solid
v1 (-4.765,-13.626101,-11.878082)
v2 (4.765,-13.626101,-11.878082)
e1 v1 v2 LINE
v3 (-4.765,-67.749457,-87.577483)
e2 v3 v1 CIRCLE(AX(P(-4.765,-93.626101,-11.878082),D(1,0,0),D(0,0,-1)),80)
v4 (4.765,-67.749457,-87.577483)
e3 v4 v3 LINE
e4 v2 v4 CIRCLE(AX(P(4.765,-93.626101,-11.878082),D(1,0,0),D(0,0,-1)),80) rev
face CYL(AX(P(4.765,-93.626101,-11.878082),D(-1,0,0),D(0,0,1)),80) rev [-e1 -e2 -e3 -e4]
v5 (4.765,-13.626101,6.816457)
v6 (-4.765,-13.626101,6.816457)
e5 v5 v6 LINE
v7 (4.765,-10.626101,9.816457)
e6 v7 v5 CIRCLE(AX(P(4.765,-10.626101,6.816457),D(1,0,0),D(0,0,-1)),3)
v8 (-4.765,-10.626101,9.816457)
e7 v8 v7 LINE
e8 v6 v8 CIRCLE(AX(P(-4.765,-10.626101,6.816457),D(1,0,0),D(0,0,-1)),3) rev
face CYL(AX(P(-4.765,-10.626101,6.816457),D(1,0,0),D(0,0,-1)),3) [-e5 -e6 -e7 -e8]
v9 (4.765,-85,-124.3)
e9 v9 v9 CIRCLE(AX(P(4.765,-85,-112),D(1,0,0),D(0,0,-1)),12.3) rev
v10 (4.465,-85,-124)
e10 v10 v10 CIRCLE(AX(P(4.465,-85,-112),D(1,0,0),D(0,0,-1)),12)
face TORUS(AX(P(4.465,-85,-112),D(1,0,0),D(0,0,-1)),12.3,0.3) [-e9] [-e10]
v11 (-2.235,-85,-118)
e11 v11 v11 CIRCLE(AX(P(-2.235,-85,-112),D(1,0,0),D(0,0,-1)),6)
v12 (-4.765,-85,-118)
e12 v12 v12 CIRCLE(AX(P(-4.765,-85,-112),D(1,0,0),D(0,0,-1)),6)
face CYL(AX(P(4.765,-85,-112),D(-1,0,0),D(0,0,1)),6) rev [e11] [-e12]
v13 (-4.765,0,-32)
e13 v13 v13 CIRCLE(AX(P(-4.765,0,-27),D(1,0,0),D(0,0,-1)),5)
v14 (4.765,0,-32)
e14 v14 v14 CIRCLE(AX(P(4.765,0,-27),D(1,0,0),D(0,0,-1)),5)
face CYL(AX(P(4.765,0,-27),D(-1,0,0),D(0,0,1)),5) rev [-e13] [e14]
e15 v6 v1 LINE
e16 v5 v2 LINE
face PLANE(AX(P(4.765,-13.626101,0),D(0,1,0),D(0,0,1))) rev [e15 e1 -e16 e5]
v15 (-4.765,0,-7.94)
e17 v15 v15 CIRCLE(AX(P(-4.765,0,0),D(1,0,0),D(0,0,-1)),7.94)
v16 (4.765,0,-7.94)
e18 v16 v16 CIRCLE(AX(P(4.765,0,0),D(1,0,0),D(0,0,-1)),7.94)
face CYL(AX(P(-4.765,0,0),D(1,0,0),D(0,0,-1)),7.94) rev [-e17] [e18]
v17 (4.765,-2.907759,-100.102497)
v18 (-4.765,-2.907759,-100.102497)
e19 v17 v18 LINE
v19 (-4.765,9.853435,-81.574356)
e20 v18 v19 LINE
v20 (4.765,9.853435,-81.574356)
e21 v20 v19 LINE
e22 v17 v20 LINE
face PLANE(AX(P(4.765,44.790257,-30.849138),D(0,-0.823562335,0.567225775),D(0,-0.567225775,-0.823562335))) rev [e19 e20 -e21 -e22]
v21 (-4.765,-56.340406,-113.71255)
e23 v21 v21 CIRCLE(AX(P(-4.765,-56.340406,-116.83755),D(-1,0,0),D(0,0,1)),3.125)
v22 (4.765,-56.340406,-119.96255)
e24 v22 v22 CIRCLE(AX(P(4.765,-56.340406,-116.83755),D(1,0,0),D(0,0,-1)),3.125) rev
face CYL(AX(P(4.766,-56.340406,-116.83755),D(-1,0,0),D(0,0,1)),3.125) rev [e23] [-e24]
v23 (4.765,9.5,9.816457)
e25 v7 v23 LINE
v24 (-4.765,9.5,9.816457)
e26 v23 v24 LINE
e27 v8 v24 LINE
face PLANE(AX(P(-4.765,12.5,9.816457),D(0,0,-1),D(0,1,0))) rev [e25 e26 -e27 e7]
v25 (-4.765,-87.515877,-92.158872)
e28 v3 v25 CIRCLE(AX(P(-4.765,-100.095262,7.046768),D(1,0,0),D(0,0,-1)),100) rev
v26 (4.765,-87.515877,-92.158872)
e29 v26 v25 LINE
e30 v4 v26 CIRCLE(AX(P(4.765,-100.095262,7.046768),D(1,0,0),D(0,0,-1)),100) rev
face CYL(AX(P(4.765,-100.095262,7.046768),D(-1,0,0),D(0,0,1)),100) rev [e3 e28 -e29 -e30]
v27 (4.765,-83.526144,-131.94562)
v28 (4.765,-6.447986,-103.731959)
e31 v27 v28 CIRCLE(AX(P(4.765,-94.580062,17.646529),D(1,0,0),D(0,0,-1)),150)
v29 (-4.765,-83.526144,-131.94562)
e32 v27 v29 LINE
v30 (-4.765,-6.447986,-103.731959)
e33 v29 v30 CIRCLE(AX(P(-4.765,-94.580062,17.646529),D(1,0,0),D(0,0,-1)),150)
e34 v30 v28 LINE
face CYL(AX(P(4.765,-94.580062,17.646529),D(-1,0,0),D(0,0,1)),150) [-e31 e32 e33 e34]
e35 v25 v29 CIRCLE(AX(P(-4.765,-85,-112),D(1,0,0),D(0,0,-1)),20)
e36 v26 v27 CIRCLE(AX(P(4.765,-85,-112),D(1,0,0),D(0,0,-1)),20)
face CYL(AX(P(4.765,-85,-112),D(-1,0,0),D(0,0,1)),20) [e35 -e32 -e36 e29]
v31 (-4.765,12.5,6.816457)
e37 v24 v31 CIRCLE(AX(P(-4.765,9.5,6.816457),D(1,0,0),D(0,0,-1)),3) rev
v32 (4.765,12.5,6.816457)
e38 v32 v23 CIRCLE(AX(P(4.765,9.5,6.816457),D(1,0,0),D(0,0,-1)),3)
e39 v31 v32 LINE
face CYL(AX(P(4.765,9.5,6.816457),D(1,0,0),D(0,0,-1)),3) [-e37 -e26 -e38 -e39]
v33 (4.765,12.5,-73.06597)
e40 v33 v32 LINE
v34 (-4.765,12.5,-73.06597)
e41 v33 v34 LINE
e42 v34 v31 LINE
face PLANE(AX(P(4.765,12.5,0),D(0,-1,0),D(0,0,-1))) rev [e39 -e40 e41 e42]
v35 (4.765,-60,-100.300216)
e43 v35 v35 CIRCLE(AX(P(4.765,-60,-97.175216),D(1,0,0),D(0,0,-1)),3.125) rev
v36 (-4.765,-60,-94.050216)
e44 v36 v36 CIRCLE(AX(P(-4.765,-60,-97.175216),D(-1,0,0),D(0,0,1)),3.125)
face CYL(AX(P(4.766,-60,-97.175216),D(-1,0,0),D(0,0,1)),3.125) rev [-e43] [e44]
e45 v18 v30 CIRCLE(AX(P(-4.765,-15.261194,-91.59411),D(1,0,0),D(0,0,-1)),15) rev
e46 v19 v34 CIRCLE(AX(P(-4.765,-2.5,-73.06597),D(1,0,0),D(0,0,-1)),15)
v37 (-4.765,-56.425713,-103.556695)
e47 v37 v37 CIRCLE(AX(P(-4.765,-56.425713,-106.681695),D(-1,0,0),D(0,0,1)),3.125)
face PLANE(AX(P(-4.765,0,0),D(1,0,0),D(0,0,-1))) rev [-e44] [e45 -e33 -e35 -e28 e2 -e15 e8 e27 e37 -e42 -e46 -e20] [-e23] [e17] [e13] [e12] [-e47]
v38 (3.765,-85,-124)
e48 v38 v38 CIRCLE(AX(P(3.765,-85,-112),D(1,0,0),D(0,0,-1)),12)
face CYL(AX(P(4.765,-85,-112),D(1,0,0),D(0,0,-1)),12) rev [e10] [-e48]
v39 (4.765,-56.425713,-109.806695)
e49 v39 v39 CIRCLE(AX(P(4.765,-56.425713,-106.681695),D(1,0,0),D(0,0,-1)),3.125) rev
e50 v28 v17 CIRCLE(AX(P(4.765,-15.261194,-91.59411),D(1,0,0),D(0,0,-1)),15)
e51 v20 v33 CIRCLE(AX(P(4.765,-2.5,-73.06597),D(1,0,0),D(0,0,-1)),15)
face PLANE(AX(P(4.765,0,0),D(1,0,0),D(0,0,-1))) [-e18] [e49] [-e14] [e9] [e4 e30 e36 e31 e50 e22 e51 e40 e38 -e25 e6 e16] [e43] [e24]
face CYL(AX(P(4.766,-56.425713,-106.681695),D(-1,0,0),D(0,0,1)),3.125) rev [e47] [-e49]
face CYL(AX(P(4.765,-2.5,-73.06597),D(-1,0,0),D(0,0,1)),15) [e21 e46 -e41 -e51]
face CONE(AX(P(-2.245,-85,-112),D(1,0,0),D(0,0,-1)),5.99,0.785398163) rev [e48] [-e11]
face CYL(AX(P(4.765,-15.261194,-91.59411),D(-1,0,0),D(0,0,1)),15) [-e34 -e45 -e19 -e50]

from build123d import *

# Parameters (mm, degrees)
CROQUIS13_R                = 5
CROQUIS13_R_2              = 6
SALIENTE_EXTRUIR1_DEPTH    = 4.765
REDONDEO2_R                = 0.3
REDONDEO3_R                = 80
REDONDEO4_R                = 15
CORTAR_EXTRUIR2_REACH      = 170.937
CROQUIS18_R                = 3.125
CORTAR_EXTRUIR3_DEPTH      = 169.735607463
CORTAR_EXTRUIR3_DEPTH_BACK = 169.735607463
REDONDEO5_R                = 3
CORTAR_EXTRUIR4_DEPTH      = 169.735607463
CORTAR_EXTRUIR4_DEPTH_BACK = 169.735607463
CROQUIS21_R                = 7.94


with BuildPart() as part:
    # Croquis13 → Saliente-Extruir1 (new, symmetric)
    with BuildSketch(Plane(origin=(0, 0, 0), x_dir=(0, 0, -1), z_dir=(1, 0, 0))):
        with BuildLine():
            Line((102.163414857, -4.327209349), (81.574356475, 9.853435029))
            ThreePointArc((81.574356475, 9.853435029), (77.521218134, 11.823084958), (73.065969849, 12.5))
            Line((73.065969849, 12.5), (-16.81645687, 12.5))
            ThreePointArc((-16.81645687, 12.5), (-20.351990776, 11.035533906), (-21.81645687, 7.5))
            Line((-21.81645687, 7.5), (-21.81645687, -8.626101457))
            ThreePointArc((-21.81645687, -8.626101457), (-20.351990776, -12.161635363), (-16.81645687, -13.626101457))
            Line((-16.81645687, -13.626101457), (43.18354313, -13.626101457))
            ThreePointArc((43.18354313, -13.626101457), (76.306099966, -44.847644025), (92.158871945, -87.515877082))
            ThreePointArc((92.158871945, -87.515877082), (113.995550437, -104.900195438), (131.945619804, -83.526144302))
            ThreePointArc((131.945619804, -83.526144302), (122.754645176, -41.783183661), (102.163414857, -4.327209349))
        make_face()
        with Locations((27, 0)):
            Circle(CROQUIS13_R, mode=Mode.SUBTRACT)
        Circle(CROQUIS13_R, mode=Mode.SUBTRACT)
        with Locations((112, -85)):
            Circle(CROQUIS13_R_2, mode=Mode.SUBTRACT)
    extrude(amount=SALIENTE_EXTRUIR1_DEPTH, both=True)

    # Croquis15 → Cortar-Revolución2 (revolve, cut)
    with BuildSketch(Plane(origin=(0, -85, 0), x_dir=(1, 0, 0), z_dir=(0, 1, 0)), mode=Mode.PRIVATE) as cortar_revoluci_n2_sk:
        Polygon((4.765, 106.01), (4.765, 100), (3.765, 100), (-2.245, 106.01), align=None)
    revolve(cortar_revoluci_n2_sk.sketch.rotate(Axis((4.765, -85, -112), (-1, 0, 0)), 180), axis=Axis((4.765, -85, -112), (-1, 0, 0)), mode=Mode.SUBTRACT)

    # Redondeo2
    redondeo2_edges = [part.edges().sort_by_distance(p)[0] for p in [
        (4.765, -85, -100),
    ]]
    fillet(redondeo2_edges, radius=REDONDEO2_R)

    # Redondeo3
    redondeo3_edges = [part.edges().sort_by_distance(p)[0] for p in [
        (0, -13.626101457, -43.18354313),
    ]]
    fillet(redondeo3_edges, radius=REDONDEO3_R)

    # Redondeo4
    redondeo4_edges = [part.edges().sort_by_distance(p)[0] for p in [
        (0, -4.327209349, -102.163414857),
    ]]
    fillet(redondeo4_edges, radius=REDONDEO4_R)

    # Croquis18 → Cortar-Extruir2 (cut, up to next)
    with BuildSketch(Plane.ZY.offset(4.765), mode=Mode.PRIVATE) as cortar_extruir2_sk1:
        with Locations((-97.175215853, -60)):
            Circle(CROQUIS18_R)
    cortar_extruir2_tool1 = extrude(cortar_extruir2_sk1.sketch, amount=-CORTAR_EXTRUIR2_REACH, mode=Mode.PRIVATE) & part.part
    # Croquis18 → Cortar-Extruir2 (cut, up to next)
    with BuildSketch(Plane.ZY.offset(4.765), mode=Mode.PRIVATE) as cortar_extruir2_sk2:
        with Locations((-116.837549653, -56.340405824)):
            Circle(CROQUIS18_R)
    cortar_extruir2_tool2 = extrude(cortar_extruir2_sk2.sketch, amount=-CORTAR_EXTRUIR2_REACH, mode=Mode.PRIVATE) & part.part
    # Croquis18 → Cortar-Extruir2 (cut, up to next)
    with BuildSketch(Plane.ZY.offset(4.765), mode=Mode.PRIVATE) as cortar_extruir2_sk3:
        with Locations((-106.681694763, -56.425713405)):
            Circle(CROQUIS18_R)
    cortar_extruir2_tool3 = extrude(cortar_extruir2_sk3.sketch, amount=-CORTAR_EXTRUIR2_REACH, mode=Mode.PRIVATE) & part.part
    add(cortar_extruir2_tool1.solids().sort_by_distance((-4.765, -60, -97.175216))[0], mode=Mode.SUBTRACT)
    add(cortar_extruir2_tool2.solids().sort_by_distance((-4.765, -56.340406, -116.83755))[0], mode=Mode.SUBTRACT)
    add(cortar_extruir2_tool3.solids().sort_by_distance((-4.765, -56.425713, -106.681695))[0], mode=Mode.SUBTRACT)

    # Croquis20 → Cortar-Extruir3 (cut, two sides: drawn at the far end of the back side and taken through both)
    with BuildSketch(Plane(origin=(0, 0, 0), x_dir=(0, 0, -1), z_dir=(1, 0, 0)).offset(-CORTAR_EXTRUIR3_DEPTH_BACK)):
        with BuildLine():
            Line((-21.81645687, 7.5), (-21.81645687, -8.626101457))
            ThreePointArc((-21.81645687, -8.626101457), (-20.351990776, -12.161635363), (-16.81645687, -13.626101457))
            Line((-16.81645687, -13.626101457), (-9.81645687, -13.626101457))
            Line((-9.81645687, -13.626101457), (-9.81645687, 12.5))
            Line((-9.81645687, 12.5), (-16.81645687, 12.5))
            ThreePointArc((-16.81645687, 12.5), (-20.351990776, 11.035533906), (-21.81645687, 7.5))
        make_face()
    extrude(amount=CORTAR_EXTRUIR3_DEPTH + CORTAR_EXTRUIR3_DEPTH_BACK, mode=Mode.SUBTRACT)

    # Redondeo5
    redondeo5_edges = [part.edges().sort_by_distance(p)[0] for p in [
        (0, 12.5, 9.81645687),
        (0, -13.626101457, 9.81645687),
    ]]
    fillet(redondeo5_edges, radius=REDONDEO5_R)

    # Croquis21 → Cortar-Extruir4 (cut, two sides: drawn at the far end of the back side and taken through both)
    with BuildSketch(Plane(origin=(0, 0, 0), x_dir=(0, 0, -1), z_dir=(1, 0, 0)).offset(-CORTAR_EXTRUIR4_DEPTH_BACK)):
        Circle(CROQUIS21_R)
    extrude(amount=CORTAR_EXTRUIR4_DEPTH + CORTAR_EXTRUIR4_DEPTH_BACK, mode=Mode.SUBTRACT)


solid = part.part
